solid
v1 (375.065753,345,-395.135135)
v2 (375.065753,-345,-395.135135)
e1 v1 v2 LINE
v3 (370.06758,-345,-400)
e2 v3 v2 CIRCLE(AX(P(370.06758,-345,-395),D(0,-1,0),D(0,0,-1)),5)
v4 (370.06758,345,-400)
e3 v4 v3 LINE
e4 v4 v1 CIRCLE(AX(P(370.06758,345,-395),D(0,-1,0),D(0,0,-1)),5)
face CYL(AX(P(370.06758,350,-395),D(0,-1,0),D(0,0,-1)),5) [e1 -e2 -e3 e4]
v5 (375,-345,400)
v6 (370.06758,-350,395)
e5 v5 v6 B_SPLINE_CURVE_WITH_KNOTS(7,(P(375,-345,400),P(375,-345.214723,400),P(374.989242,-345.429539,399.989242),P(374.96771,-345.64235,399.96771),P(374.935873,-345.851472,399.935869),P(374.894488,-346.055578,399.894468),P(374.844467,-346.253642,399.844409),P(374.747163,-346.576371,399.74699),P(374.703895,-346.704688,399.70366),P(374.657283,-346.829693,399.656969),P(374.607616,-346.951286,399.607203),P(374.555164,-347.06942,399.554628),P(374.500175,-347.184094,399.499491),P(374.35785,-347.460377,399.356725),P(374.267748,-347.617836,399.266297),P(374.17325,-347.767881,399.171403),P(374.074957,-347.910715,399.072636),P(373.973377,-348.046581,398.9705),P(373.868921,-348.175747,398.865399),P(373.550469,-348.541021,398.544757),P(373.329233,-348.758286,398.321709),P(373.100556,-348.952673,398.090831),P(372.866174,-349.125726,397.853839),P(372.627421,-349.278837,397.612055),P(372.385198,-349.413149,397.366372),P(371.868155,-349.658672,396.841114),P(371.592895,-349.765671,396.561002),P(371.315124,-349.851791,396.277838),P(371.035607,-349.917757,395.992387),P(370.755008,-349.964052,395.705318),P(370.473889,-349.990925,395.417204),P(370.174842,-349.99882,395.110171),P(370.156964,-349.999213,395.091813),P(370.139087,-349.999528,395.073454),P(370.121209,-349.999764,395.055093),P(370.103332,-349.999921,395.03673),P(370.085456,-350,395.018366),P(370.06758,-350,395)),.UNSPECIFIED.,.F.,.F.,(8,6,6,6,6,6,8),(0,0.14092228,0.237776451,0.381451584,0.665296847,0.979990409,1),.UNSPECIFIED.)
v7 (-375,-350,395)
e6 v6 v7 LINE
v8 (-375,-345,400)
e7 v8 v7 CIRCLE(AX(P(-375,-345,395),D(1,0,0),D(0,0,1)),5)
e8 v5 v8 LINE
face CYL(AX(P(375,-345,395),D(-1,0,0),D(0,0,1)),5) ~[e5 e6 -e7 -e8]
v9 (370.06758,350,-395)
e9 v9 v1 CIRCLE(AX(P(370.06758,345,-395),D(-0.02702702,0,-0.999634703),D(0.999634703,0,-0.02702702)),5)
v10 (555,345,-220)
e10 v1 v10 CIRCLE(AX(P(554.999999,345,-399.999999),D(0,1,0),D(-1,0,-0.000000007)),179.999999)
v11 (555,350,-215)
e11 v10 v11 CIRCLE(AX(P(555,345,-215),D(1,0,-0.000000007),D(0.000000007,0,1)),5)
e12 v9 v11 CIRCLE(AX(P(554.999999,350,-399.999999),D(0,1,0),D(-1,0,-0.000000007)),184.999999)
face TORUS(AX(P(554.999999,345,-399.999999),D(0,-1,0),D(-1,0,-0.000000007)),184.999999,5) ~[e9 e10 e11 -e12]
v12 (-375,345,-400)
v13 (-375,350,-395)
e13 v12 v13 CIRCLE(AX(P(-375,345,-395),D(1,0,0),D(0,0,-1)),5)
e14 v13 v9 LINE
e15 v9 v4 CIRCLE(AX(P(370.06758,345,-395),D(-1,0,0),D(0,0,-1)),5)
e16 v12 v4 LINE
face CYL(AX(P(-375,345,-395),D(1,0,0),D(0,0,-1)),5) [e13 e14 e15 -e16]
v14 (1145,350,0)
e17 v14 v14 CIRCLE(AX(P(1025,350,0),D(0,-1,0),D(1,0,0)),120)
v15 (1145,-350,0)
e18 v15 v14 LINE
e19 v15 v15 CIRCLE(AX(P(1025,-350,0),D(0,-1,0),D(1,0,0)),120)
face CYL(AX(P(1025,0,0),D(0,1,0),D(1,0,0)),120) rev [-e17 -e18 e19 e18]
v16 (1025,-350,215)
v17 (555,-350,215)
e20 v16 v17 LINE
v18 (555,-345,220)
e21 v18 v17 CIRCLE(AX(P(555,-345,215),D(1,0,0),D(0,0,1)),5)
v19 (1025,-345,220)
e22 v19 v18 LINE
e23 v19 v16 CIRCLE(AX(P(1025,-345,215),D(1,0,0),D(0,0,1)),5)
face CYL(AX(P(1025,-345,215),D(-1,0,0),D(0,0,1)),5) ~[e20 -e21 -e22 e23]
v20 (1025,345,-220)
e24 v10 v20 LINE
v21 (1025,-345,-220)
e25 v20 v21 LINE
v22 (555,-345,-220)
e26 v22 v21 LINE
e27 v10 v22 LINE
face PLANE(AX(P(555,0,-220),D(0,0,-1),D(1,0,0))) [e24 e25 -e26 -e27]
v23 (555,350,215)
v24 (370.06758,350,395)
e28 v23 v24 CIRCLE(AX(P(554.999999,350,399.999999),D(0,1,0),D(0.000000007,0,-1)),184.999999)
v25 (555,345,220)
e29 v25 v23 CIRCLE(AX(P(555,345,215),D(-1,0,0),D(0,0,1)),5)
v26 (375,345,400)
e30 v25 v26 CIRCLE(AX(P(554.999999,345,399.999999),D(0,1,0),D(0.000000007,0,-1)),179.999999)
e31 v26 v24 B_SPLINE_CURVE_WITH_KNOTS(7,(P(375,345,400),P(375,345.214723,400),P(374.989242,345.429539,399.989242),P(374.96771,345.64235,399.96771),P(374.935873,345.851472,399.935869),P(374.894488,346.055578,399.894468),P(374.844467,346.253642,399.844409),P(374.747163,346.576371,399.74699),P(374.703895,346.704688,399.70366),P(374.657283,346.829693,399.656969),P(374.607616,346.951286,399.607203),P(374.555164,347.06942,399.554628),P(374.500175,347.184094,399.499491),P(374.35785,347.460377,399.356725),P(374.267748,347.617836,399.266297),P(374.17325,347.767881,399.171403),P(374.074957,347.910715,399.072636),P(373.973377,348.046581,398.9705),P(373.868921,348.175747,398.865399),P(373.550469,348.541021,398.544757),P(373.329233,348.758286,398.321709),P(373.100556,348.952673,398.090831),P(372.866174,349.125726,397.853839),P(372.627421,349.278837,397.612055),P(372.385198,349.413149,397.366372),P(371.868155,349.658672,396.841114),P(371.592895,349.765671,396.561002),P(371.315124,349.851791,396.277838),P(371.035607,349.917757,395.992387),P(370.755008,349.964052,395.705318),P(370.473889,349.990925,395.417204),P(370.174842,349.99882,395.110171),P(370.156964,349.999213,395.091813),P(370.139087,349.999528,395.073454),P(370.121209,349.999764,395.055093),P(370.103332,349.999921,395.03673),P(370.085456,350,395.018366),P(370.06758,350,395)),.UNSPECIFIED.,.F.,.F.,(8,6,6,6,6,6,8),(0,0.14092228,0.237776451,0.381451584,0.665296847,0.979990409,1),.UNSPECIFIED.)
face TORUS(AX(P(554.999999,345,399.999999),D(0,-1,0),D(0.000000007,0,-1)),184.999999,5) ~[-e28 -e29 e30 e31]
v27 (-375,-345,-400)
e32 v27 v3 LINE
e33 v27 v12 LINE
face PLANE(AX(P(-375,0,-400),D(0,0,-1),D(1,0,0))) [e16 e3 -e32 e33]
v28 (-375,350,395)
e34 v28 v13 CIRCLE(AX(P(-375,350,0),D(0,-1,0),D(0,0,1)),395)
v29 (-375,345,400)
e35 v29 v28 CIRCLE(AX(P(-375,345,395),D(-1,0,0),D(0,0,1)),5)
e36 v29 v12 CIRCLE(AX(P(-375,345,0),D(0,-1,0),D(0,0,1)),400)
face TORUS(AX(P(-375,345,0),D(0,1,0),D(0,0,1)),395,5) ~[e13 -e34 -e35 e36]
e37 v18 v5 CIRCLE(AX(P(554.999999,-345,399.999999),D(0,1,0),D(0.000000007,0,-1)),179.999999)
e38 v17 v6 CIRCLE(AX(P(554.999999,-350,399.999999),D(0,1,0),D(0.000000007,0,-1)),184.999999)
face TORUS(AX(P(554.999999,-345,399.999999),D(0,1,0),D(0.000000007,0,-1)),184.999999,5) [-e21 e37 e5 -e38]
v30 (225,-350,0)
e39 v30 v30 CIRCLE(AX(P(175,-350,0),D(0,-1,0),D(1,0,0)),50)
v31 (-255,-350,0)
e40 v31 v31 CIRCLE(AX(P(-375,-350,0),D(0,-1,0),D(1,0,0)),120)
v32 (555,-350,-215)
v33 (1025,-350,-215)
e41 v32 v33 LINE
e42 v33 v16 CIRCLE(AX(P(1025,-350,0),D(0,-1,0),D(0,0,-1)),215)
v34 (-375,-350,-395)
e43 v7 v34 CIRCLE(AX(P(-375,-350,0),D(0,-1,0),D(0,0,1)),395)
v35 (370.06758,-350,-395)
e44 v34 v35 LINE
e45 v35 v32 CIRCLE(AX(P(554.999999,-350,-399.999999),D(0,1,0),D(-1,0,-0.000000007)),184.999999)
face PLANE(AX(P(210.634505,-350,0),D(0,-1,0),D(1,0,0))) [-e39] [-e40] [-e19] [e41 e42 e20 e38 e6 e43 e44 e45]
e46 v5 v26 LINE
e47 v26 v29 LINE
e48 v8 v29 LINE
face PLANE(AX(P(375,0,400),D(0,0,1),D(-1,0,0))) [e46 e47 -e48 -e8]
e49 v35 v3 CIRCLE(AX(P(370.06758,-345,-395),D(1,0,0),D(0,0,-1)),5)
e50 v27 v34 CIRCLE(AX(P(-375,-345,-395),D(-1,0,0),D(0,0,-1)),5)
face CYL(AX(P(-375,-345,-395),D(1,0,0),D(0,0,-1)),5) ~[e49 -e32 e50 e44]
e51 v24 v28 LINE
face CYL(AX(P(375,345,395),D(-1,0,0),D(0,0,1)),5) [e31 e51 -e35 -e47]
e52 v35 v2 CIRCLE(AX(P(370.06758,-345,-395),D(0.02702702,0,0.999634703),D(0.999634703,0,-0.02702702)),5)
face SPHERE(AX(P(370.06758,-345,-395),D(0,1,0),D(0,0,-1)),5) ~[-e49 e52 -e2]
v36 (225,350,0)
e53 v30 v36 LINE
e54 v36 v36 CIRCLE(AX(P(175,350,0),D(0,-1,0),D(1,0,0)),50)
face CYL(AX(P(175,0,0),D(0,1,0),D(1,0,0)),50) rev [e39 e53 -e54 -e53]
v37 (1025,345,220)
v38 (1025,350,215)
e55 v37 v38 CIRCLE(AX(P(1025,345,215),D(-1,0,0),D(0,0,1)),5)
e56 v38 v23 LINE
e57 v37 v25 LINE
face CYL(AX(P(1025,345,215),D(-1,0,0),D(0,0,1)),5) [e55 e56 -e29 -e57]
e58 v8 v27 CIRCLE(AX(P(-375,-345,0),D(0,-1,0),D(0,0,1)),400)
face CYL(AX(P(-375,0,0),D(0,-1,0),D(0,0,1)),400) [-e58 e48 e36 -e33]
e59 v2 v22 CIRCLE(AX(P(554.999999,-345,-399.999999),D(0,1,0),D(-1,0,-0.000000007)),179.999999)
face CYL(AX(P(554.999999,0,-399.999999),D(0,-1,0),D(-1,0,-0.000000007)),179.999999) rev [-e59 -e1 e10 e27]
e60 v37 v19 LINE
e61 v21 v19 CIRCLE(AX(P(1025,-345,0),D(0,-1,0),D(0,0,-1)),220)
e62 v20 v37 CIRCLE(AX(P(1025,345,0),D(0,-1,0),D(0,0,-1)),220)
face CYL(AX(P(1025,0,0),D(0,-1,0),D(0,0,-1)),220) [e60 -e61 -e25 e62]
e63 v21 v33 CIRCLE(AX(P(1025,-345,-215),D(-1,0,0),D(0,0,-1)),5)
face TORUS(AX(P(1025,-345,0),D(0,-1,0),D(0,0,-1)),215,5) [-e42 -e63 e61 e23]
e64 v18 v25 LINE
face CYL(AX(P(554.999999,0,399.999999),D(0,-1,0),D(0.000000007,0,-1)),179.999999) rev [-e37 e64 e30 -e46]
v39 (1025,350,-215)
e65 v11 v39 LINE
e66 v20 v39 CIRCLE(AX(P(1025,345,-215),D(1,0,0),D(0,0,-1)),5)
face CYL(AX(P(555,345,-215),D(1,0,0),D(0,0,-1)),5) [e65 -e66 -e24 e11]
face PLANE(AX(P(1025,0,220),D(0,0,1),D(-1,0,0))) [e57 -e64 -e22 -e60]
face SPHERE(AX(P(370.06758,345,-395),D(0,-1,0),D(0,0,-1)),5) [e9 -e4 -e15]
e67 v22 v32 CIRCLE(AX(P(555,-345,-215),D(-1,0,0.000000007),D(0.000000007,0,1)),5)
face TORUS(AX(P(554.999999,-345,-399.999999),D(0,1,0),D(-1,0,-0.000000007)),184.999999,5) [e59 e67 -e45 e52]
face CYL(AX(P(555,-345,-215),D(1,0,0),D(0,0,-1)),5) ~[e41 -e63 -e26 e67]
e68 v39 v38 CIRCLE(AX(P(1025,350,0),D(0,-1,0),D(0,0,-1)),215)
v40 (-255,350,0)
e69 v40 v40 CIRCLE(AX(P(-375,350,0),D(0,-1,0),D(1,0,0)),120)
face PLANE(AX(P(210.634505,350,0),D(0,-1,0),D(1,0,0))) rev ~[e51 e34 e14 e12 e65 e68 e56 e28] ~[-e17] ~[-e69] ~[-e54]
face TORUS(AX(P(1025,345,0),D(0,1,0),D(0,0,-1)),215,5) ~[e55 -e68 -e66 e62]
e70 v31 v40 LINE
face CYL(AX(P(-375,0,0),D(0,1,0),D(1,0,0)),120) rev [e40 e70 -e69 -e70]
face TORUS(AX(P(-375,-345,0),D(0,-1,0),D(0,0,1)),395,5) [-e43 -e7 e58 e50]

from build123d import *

# Parameters (mm, degrees)
F0_R     = 120
F0_R_2   = 50
F1_DEPTH = 350
F2_R     = 5


with BuildPart() as f1:
    # F0 (on Front) → F1 (new body, symmetric)
    with BuildSketch(Plane.XZ):
        with BuildLine():
            Line((-375, -400), (375, -400))
            ThreePointArc((375, -400), (427.720779, -272.720779), (555, -220))
            Line((555, -220), (1025, -220))
            ThreePointArc((1025, -220), (1245, 0), (1025, 220))
            Line((1025, 220), (555, 220))
            ThreePointArc((555, 220), (427.720779, 272.720779), (375, 400))
            Line((375, 400), (-375, 400))
            ThreePointArc((-375, 400), (-775, 0), (-375, -400))
        make_face()
        with Locations((-375, 0)):
            Circle(F0_R, mode=Mode.SUBTRACT)
        with Locations((175, 0)):
            Circle(F0_R_2, mode=Mode.SUBTRACT)
        with Locations((1025, 0)):
            Circle(F0_R, mode=Mode.SUBTRACT)
    extrude(amount=F1_DEPTH, both=True)

    # F2
    f2_edges = [f1.edges().sort_by_distance(p)[0] for p in [
        (-775, -350, 0),
        (0, -350, 400),
        (427.720779, -350, 272.720779),
        (790, -350, 220),
        (1245, -350, 0),
        (790, -350, -220),
        (427.720779, -350, -272.720779),
        (0, -350, -400),
        (-775, 350, 0),
        (0, 350, 400),
        (427.720779, 350, 272.720779),
        (790, 350, 220),
        (1245, 350, 0),
        (375, 0, -400),
        (790, 350, -220),
        (427.720779, 350, -272.720779),
        (0, 350, -400),
    ]]
    fillet(f2_edges, radius=F2_R)


solid = f1.part
